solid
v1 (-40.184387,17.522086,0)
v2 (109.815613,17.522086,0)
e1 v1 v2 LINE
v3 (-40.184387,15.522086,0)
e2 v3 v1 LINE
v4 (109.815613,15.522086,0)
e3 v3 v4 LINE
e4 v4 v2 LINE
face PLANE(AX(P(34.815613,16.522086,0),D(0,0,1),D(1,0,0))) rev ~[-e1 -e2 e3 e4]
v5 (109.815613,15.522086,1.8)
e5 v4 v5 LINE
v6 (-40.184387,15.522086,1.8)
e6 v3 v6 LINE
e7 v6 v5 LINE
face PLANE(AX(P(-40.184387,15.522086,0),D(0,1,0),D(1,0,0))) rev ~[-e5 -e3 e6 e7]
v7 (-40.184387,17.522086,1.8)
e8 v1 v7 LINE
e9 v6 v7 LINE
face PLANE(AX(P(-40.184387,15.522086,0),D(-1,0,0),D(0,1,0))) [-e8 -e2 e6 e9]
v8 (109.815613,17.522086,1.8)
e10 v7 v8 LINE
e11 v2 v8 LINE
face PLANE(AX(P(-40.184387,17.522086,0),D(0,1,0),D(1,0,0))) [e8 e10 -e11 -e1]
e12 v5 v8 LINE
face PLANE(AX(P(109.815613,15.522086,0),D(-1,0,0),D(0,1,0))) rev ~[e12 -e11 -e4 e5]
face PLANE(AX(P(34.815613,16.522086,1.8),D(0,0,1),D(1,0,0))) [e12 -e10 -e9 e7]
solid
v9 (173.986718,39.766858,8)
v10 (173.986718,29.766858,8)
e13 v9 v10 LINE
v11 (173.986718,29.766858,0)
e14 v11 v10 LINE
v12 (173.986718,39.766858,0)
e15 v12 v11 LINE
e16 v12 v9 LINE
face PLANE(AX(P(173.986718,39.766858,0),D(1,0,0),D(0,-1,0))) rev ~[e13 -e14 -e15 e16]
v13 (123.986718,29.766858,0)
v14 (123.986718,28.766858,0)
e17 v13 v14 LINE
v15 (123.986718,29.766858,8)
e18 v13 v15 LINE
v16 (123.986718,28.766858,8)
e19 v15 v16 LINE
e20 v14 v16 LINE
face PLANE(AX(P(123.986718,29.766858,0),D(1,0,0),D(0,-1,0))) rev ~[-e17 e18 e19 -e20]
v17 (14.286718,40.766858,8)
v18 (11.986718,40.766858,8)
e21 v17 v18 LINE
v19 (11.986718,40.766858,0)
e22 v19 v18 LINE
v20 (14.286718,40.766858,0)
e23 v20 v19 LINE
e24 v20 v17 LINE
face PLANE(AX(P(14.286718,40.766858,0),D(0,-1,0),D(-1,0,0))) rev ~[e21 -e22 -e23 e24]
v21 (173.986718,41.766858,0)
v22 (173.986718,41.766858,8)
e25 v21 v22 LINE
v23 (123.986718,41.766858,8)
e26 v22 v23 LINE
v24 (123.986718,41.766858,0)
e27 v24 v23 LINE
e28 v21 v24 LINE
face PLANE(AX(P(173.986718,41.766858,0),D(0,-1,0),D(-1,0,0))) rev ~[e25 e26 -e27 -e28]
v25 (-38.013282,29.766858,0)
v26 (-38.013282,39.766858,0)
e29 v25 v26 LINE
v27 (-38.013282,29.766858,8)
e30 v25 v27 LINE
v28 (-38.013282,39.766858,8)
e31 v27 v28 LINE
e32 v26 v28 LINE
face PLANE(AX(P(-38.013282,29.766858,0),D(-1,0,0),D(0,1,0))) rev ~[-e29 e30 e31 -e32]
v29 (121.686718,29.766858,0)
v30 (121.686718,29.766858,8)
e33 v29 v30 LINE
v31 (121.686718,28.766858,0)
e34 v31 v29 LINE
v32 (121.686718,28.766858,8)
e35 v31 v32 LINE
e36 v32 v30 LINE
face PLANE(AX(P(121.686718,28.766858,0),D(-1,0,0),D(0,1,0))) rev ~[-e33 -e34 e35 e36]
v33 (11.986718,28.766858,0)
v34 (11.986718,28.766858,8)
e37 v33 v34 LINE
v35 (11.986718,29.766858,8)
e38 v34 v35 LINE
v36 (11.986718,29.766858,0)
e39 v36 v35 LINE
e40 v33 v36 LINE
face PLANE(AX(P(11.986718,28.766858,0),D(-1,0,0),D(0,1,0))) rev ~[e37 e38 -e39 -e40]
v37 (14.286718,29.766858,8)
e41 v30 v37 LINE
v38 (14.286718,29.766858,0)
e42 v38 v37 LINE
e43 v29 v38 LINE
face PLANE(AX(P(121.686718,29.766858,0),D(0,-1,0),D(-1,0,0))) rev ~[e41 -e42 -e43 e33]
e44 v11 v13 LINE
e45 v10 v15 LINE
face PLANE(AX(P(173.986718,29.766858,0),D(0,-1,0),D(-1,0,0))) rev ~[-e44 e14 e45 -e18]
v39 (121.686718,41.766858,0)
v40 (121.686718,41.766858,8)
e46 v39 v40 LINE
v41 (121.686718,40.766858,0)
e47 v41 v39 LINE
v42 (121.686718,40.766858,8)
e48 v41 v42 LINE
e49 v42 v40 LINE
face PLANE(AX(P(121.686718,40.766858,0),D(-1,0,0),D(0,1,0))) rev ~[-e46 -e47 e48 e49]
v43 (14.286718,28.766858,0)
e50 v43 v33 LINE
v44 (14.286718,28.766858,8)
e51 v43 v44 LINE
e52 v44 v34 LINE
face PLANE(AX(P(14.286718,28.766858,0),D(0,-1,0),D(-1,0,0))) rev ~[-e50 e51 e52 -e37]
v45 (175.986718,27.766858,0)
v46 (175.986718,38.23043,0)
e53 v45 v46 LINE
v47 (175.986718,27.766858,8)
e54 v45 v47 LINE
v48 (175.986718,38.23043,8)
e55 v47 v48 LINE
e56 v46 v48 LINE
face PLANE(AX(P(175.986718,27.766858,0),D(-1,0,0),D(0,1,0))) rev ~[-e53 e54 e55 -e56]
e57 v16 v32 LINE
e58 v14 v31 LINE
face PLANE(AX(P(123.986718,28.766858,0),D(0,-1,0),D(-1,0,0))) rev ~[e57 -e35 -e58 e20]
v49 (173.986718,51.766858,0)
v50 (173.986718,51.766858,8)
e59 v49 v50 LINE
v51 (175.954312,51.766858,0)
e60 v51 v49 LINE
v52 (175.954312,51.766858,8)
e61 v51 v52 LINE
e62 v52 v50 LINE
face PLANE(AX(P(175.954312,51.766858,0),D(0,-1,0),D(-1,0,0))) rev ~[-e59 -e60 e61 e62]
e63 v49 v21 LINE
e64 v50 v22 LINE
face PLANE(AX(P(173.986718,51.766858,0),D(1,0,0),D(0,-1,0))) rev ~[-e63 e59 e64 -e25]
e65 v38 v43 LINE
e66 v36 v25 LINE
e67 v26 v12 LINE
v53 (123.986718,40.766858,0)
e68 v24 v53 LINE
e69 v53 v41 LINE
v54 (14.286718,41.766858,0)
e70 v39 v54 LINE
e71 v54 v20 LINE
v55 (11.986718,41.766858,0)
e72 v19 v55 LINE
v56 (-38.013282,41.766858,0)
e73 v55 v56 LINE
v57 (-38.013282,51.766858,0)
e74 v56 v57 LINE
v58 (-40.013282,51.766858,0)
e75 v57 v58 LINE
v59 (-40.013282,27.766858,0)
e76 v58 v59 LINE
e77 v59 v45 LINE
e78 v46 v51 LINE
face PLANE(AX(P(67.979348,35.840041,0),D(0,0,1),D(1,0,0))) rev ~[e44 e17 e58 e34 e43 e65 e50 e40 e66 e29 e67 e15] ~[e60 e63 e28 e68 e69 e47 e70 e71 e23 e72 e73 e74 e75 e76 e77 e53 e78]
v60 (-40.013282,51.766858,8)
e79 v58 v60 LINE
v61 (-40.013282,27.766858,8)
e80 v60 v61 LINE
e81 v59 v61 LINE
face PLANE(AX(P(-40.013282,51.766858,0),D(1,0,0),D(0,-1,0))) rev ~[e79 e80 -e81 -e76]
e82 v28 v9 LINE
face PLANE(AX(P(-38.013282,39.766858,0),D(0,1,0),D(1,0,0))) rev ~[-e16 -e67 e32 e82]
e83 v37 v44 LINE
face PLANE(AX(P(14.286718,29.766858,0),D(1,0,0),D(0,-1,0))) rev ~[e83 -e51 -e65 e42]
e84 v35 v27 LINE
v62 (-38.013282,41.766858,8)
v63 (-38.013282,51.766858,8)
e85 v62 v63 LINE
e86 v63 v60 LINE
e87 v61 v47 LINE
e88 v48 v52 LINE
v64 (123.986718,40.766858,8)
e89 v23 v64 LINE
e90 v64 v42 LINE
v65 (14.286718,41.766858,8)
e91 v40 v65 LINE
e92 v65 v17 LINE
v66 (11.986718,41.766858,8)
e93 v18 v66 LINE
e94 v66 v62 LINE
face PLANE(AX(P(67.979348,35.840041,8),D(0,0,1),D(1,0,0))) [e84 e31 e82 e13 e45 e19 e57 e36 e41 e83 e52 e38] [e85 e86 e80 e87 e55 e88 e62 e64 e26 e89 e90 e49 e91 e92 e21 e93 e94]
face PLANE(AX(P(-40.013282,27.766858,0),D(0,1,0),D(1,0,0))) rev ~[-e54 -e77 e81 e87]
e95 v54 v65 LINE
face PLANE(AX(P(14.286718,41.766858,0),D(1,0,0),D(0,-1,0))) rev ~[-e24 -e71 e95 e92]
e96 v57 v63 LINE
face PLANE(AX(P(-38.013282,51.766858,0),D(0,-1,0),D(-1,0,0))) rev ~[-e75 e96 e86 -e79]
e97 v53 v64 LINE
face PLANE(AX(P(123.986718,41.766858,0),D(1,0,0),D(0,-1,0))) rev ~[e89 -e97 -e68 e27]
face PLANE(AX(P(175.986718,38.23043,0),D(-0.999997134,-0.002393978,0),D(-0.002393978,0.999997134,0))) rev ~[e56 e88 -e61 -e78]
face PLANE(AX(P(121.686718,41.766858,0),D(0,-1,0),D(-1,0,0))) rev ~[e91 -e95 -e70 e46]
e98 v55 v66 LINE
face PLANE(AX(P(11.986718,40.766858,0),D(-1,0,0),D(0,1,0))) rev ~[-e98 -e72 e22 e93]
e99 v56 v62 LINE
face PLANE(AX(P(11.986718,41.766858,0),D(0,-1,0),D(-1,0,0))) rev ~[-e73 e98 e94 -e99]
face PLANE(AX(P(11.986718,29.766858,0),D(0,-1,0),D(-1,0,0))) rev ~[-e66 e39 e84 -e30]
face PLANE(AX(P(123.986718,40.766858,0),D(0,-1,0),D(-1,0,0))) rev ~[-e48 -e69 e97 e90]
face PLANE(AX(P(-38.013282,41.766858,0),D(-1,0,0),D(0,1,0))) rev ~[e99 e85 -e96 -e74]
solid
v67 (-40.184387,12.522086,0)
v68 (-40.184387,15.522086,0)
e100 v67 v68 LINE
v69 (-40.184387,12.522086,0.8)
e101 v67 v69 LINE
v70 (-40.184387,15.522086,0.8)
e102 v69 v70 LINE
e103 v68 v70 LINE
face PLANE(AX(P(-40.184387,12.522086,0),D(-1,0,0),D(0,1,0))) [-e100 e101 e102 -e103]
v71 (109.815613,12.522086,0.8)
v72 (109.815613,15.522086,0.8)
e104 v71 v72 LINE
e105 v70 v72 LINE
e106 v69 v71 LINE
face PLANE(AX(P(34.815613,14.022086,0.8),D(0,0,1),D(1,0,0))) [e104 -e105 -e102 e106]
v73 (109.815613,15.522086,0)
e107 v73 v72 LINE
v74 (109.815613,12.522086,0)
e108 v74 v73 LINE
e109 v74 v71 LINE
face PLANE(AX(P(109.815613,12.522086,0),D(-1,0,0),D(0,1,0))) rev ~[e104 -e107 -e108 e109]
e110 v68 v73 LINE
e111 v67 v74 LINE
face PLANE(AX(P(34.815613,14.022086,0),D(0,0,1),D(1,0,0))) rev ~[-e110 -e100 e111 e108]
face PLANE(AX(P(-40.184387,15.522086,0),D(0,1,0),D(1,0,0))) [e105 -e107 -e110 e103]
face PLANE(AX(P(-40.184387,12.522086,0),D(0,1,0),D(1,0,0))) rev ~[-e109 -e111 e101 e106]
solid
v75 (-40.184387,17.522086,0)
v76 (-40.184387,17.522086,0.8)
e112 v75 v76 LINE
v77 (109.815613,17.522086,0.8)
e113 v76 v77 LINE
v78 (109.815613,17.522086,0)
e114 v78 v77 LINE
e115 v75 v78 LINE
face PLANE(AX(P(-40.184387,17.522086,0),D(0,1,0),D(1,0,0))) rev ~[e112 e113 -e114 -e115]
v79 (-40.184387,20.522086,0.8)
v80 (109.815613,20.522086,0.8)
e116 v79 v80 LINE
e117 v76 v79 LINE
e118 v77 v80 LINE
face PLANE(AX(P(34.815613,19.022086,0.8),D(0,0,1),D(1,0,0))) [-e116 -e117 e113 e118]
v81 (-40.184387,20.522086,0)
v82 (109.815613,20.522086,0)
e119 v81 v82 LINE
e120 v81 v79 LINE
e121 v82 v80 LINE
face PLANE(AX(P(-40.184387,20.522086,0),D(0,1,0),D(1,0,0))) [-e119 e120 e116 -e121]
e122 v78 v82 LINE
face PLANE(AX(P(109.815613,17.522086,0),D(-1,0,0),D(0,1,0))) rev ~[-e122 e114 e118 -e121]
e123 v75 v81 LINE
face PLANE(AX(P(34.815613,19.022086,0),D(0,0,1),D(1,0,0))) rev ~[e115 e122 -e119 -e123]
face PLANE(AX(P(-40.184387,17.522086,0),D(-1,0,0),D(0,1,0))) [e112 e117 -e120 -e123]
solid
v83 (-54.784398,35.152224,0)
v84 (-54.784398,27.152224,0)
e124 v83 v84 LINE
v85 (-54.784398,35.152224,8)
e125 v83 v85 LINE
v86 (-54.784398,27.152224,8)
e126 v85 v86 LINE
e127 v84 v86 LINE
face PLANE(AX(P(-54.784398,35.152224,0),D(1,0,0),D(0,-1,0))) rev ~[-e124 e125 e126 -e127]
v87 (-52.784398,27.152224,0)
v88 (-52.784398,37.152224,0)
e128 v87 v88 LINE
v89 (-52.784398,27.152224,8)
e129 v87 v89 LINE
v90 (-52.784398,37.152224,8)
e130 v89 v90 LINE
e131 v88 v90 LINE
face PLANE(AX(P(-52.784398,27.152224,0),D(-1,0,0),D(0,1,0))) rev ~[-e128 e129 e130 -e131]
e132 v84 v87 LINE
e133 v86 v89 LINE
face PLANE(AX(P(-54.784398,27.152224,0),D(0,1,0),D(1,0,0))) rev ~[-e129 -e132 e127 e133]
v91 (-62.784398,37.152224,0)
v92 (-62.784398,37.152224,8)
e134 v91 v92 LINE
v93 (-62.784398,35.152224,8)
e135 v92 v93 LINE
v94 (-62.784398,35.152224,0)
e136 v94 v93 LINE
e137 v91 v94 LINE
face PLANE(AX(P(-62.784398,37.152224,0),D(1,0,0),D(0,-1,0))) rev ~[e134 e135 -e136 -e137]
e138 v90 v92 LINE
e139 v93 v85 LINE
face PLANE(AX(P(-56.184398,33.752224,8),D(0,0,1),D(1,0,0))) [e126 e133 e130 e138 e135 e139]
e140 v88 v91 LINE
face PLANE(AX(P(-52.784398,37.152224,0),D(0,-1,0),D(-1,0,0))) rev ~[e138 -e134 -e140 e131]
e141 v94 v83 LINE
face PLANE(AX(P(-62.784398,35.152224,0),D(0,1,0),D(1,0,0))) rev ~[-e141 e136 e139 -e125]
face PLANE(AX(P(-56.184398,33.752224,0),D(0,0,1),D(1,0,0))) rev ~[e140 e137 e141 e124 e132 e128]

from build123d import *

# Parameters (mm, degrees)
F1_DEPTH = 8
F0_W     = 150
F0_H     = 3
F2_DEPTH = 0.8
F0_H_2   = 2
F3_DEPTH = 1.8


with BuildPart() as f1:
    # F0 (on Top) → F1 (new body)
    with BuildSketch(Plane.XY):
        Polygon((-52.784398, 37.152224), (-62.784398, 37.152224), (-62.784398, 35.152224), (-54.784398, 35.152224), (-54.784398, 27.152224), (-52.784398, 27.152224), align=None)
        Polygon((173.986718, 51.766858), (173.986718, 41.766858), (123.986718, 41.766858), (123.986718, 40.766858), (121.686718, 40.766858), (121.686718, 41.766858), (14.286718, 41.766858), (14.286718, 40.766858), (11.986718, 40.766858), (11.986718, 41.766858), (-38.013282, 41.766858), (-38.013282, 51.766858), (-40.013282, 51.766858), (-40.013282, 27.766858), (175.986718, 27.766858), (175.986718, 38.23043), (175.954312, 51.766858), align=None)
        Polygon((11.986718, 29.766858), (-38.013282, 29.766858), (-38.013282, 39.766858), (173.986718, 39.766858), (173.986718, 38.23043), (173.986718, 29.766858), (123.986718, 29.766858), (123.986718, 28.766858), (121.686718, 28.766858), (121.686718, 29.766858), (14.286718, 29.766858), (14.286718, 28.766858), (11.986718, 28.766858), align=None, mode=Mode.SUBTRACT)
    extrude(amount=F1_DEPTH)


with BuildPart() as f2:
    # F0 (on Top) → F2 (new body)
    with BuildSketch(Plane.XY):
        with Locations((34.815613, 14.022086)):
            Rectangle(F0_W, F0_H)
        with Locations((34.815613, 19.022086)):
            Rectangle(F0_W, F0_H)
    extrude(amount=F2_DEPTH)


with BuildPart() as f3:
    # F0 (on Top) → F3 (new body)
    with BuildSketch(Plane.XY):
        with Locations((34.815613, 16.522086)):
            Rectangle(F0_W, F0_H_2)
    extrude(amount=F3_DEPTH)


solid = Compound([f1.part, f2.part, f3.part])
